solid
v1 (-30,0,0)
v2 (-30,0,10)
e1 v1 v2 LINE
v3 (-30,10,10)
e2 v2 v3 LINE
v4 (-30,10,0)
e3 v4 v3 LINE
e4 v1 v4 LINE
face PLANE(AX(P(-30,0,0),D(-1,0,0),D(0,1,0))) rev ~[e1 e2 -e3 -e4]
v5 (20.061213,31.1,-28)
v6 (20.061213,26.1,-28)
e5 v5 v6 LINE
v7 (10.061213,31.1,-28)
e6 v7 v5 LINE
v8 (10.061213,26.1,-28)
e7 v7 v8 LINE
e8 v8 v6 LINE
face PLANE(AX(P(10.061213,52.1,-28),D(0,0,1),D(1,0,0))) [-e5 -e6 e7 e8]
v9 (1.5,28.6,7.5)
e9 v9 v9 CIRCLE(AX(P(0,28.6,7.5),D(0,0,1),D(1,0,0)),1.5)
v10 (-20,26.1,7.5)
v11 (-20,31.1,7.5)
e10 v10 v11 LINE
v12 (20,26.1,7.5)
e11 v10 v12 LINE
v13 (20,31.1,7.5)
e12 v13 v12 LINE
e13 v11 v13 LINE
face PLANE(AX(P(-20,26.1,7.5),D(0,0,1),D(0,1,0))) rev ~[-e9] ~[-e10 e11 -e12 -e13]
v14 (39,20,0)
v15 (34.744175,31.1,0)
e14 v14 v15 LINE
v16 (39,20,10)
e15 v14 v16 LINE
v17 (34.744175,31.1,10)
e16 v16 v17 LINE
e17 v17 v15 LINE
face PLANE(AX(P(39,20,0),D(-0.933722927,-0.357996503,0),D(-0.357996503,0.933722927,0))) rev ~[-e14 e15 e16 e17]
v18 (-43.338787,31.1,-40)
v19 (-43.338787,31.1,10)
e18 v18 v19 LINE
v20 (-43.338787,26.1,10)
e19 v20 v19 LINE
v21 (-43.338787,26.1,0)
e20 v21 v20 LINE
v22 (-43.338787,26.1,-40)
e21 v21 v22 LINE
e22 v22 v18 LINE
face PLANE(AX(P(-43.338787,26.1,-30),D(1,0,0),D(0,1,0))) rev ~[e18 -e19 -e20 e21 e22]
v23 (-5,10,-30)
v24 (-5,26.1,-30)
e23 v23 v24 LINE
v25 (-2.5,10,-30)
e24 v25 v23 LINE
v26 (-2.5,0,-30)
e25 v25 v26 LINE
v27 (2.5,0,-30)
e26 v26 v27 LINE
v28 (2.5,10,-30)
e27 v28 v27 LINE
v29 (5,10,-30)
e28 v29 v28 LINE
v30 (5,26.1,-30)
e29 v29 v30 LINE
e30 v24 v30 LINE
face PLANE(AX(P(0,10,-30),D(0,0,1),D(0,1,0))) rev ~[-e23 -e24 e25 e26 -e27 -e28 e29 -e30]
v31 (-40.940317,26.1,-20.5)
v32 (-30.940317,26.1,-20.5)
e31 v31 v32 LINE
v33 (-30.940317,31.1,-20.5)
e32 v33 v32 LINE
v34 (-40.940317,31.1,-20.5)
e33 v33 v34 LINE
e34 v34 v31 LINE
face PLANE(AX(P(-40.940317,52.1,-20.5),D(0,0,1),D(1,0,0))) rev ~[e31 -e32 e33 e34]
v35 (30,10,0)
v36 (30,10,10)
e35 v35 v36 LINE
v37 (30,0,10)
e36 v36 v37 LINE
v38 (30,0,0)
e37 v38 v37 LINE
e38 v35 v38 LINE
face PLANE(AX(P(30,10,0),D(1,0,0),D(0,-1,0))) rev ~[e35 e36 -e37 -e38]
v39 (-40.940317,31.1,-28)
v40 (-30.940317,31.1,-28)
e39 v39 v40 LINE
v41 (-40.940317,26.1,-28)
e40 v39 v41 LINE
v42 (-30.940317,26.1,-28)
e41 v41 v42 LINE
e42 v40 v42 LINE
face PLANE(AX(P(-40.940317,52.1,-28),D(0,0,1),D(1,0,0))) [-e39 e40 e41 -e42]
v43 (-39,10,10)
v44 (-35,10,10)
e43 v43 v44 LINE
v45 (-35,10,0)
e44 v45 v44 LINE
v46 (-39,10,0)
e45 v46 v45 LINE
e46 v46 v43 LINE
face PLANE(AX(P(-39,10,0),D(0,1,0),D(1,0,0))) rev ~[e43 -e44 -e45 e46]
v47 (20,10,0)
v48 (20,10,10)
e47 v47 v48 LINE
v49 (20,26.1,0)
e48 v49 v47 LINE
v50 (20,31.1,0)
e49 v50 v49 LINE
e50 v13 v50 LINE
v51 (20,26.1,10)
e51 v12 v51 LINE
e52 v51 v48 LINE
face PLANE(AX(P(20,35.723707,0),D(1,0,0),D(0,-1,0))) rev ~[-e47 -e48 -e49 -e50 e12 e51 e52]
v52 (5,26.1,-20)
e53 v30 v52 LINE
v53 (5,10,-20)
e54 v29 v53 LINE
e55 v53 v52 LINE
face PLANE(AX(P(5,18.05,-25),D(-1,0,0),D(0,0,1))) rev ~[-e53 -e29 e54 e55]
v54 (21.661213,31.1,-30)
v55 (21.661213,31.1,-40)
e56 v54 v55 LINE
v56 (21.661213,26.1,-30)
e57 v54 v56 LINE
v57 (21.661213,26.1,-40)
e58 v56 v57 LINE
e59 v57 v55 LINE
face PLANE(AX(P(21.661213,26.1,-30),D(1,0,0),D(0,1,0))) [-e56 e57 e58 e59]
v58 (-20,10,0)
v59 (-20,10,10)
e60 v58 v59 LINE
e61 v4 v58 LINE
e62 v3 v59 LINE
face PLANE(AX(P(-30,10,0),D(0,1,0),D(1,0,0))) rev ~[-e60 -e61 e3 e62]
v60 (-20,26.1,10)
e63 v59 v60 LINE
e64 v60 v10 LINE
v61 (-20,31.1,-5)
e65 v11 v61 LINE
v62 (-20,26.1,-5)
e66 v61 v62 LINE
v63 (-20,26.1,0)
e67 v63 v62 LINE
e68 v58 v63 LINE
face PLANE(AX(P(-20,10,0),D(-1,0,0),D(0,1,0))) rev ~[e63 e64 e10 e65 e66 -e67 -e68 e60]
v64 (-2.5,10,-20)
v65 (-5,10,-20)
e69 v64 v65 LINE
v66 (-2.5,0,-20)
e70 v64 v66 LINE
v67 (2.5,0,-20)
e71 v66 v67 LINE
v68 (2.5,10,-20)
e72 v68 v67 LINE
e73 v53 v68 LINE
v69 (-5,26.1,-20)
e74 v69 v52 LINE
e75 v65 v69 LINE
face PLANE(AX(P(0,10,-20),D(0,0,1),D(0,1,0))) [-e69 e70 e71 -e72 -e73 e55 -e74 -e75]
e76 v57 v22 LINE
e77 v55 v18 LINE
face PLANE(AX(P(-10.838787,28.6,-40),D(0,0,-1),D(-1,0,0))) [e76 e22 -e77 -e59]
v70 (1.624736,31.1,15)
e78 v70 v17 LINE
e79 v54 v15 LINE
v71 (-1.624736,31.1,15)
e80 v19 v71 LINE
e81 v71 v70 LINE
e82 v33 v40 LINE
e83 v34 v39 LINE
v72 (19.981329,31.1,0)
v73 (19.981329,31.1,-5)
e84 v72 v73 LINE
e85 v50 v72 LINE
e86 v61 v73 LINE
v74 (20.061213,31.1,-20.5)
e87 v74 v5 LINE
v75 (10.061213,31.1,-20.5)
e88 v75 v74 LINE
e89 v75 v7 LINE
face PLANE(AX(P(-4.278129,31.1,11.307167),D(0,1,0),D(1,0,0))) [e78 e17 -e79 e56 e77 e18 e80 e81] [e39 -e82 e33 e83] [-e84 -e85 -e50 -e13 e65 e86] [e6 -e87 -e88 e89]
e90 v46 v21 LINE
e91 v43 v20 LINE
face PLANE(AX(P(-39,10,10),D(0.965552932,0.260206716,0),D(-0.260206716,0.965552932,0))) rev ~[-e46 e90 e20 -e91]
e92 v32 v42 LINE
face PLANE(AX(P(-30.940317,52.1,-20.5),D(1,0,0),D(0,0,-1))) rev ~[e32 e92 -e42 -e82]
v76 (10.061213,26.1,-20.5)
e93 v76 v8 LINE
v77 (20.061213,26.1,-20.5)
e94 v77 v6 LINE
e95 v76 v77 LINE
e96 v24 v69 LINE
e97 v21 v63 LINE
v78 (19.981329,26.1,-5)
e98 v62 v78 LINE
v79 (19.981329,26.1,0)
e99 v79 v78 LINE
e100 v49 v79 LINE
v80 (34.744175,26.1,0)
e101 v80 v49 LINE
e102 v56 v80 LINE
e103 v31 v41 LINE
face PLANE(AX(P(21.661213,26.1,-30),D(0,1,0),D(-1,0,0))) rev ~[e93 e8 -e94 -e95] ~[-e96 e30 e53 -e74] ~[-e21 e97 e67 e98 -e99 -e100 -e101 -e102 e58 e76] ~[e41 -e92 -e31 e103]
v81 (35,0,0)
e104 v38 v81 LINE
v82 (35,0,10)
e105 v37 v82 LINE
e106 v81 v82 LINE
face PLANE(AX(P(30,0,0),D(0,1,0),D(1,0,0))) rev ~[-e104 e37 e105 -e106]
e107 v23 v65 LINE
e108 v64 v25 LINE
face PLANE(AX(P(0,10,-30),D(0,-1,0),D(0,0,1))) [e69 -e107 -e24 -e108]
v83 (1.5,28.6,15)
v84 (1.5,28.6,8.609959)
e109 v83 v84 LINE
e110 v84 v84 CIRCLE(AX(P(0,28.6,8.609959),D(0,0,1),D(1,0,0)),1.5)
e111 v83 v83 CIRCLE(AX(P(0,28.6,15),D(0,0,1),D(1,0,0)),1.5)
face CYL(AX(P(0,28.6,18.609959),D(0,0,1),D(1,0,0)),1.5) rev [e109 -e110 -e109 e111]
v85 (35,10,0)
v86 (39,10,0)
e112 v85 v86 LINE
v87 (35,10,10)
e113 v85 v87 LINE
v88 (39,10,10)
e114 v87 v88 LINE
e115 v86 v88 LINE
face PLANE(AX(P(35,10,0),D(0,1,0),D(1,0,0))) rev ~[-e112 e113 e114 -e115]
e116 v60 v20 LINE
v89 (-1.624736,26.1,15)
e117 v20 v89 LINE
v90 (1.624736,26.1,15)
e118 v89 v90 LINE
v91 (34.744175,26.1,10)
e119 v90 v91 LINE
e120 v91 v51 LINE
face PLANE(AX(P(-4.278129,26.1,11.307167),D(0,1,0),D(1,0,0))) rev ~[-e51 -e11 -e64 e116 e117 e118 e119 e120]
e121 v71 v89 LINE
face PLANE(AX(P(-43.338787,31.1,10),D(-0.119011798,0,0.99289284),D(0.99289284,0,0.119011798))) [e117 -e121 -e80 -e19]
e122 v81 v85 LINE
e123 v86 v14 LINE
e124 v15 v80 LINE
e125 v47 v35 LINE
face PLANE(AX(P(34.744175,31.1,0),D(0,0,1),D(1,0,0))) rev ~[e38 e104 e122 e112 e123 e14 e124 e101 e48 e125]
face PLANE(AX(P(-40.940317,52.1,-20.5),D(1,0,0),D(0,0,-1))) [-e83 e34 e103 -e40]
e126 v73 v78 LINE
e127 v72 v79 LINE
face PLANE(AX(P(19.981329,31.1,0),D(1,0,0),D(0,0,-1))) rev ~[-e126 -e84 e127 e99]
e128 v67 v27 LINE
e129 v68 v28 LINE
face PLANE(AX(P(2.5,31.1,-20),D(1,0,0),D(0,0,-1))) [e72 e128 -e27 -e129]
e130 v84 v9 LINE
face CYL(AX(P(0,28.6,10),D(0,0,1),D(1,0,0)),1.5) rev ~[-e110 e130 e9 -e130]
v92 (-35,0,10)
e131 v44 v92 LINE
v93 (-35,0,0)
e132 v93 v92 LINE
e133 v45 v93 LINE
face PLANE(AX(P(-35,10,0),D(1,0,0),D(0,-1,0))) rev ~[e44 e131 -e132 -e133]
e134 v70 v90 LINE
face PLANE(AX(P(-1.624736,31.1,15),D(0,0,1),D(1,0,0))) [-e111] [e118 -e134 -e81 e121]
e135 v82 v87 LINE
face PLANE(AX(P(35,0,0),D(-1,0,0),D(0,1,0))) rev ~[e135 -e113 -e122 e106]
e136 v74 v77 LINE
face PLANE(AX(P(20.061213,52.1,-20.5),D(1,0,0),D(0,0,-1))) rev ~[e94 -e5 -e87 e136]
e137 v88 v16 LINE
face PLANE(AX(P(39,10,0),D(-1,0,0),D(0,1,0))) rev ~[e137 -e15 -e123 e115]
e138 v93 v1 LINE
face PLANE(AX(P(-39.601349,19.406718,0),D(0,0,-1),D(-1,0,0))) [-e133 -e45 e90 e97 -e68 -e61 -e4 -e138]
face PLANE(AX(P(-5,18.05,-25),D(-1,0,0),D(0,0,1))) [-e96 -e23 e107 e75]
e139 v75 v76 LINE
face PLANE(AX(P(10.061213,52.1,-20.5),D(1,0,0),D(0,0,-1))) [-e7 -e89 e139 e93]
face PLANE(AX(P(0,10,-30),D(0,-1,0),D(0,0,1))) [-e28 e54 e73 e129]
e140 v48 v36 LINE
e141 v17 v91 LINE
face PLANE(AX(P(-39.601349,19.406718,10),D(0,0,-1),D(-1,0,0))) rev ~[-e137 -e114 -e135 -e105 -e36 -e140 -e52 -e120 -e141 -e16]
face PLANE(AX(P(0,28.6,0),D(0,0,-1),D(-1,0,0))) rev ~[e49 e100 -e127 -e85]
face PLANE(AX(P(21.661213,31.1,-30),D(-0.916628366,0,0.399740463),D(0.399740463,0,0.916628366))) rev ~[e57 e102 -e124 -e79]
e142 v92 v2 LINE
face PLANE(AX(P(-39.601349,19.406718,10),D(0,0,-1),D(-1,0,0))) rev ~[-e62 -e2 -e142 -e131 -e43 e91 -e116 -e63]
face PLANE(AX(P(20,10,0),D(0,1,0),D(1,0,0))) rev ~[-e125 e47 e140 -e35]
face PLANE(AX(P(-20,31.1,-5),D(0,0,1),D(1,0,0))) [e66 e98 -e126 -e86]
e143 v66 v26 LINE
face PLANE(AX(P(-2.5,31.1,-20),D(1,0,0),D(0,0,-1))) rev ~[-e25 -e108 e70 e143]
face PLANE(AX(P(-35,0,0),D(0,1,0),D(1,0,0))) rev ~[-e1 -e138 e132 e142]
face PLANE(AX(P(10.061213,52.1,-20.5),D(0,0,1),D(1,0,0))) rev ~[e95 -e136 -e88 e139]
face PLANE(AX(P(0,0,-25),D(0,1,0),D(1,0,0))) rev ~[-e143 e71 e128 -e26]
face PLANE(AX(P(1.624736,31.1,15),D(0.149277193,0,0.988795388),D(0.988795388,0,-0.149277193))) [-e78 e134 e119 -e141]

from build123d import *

# Parameters (mm, degrees)
SALIENTE_EXTRUIR1_DEPTH  = 10
CROQUIS2_W               = 5
CROQUIS2_H               = 45
CORTAR_EXTRUIR1_DEPTH    = 12.5
CROQUIS4_W               = 73.322426794
CROQUIS4_H               = 5
SALIENTE_EXTRUIR2_DEPTH  = 30
CROQUIS5_W               = 2.5
CROQUIS5_H               = 5
SALIENTE_EXTRUIR3_DEPTH  = 50
CROQUIS6_W               = 55.637494131
CROQUIS6_H               = 64.414873678
CORTAR_EXTRUIR2_DEPTH    = 55
CROQUIS7_R               = 1.5
CORTAR_EXTRUIR3_DEPTH    = 5
CROQUIS8_W               = 39.981329184
CROQUIS8_H               = 5
CORTAR_EXTRUIR4_DEPTH    = 10
CROQUIS9_W               = 10
CROQUIS9_H               = 7.5
SALIENTE_EXTRUIR4_DEPTH  = 21
CROQUIS11_R              = 2
CORTAR_EXTRUIR5_DEPTH    = 21
SALIENTE_EXTRUIR5_START  = -40
CROQUIS12_W              = 21.008716652
CROQUIS12_H              = 5
SALIENTE_EXTRUIR5_DEPTH  = 40
CORTAR_EXTRUIR6_DEPTH    = 62.200166864
CROQUIS15_W              = 5
CROQUIS15_H              = 10
SALIENTE_EXTRUIR6_DEPTH  = 31.1
SALIENTE_EXTRUIR7_DEPTH  = 10
SALIENTE_EXTRUIR8_DEPTH  = 5
CORTAR_EXTRUIR7_START    = -13
CROQUIS21_R              = 1.5
CORTAR_EXTRUIR7_DEPTH    = 13
CROQUIS22_W              = 10
CROQUIS22_H              = 7.5
CORTAR_EXTRUIR14_DEPTH   = 75.112484941
CROQUIS26_W              = 65
CROQUIS26_H              = 5
SALIENTE_EXTRUIR11_DEPTH = 10
SALIENTE_EXTRUIR12_DEPTH = 5
CORTAR_EXTRUIR15_START   = -10
CROQUIS28_R              = 1.5
CORTAR_EXTRUIR15_DEPTH   = 10
CROQUIS29_W              = 10
CROQUIS29_H              = 16.1
SALIENTE_EXTRUIR13_DEPTH = 5


with BuildPart() as part:
    # Croquis1 → Saliente-Extruir1 (new body)
    with BuildSketch(Plane.XY):
        with BuildLine():
            Line((-35, 10), (-35, 0))
            Line((-35, 0), (-30, 0))
            Line((-30, 0), (-30, 10))
            Line((-30, 10), (-20, 10))
            Line((-20, 10), (-20, 35.723707224))
            ThreePointArc((-20, 35.723707224), (0, 55.723707224), (20, 35.723707224))
            Line((20, 35.723707224), (20, 10))
            Line((20, 10), (30, 10))
            Line((30, 10), (30, 0))
            Line((30, 0), (35, 0))
            Line((35, 0), (35, 10))
            Line((35, 10), (39, 10))
            Line((39, 10), (39, 20))
            Line((39, 20), (14.443351433, 84.048407017))
            Line((14.443351433, 84.048407017), (13.447706691, 86.645237749))
            ThreePointArc((13.447706691, 86.645237749), (0, 95), (-13.447706691, 86.645237749))
            Line((-13.447706691, 86.645237749), (-14.443351433, 84.048407017))
            Line((-14.443351433, 84.048407017), (-39, 20))
            Line((-39, 20), (-39, 10))
            Line((-39, 10), (-35, 10))
        make_face()
        with BuildLine():
            ThreePointArc((1.5, 60), (0, 58.5), (-1.5, 60))
            Line((-1.5, 60), (-1.5, 80))
            ThreePointArc((-1.5, 80), (0, 81.5), (1.5, 80))
            Line((1.5, 80), (1.5, 60))
        make_face(mode=Mode.SUBTRACT)
    extrude(amount=SALIENTE_EXTRUIR1_DEPTH)

    # Croquis2 → Cortar-Extruir1 (cut, symmetric)
    with BuildSketch(Plane(origin=(0, 0, 0), x_dir=(0, 0, -1), z_dir=(1, 0, 0))):
        with Locations((-5, 72.5)):
            Rectangle(CROQUIS2_W, CROQUIS2_H)
    extrude(amount=CORTAR_EXTRUIR1_DEPTH, both=True, mode=Mode.SUBTRACT)

    # Croquis4 → Saliente-Extruir2 (add)
    with BuildSketch(Plane(origin=(0, 0, 0), x_dir=(-1, 0, 0), z_dir=(0, 0, -1))):
        with Locations((0, 28.6)):
            Rectangle(CROQUIS4_W, CROQUIS4_H)
    extrude(amount=SALIENTE_EXTRUIR2_DEPTH)

    # Croquis5 → Saliente-Extruir3 (add)
    with BuildSketch(Plane(origin=(-20, 0, 0), x_dir=(0, 0, -1), z_dir=(1, 0, 0))):
        with Locations((-8.75, 28.6)):
            Rectangle(CROQUIS5_W, CROQUIS5_H)
    extrude(amount=SALIENTE_EXTRUIR3_DEPTH)

    # Croquis6 → Cortar-Extruir2 (cut, symmetric)
    with BuildSketch(Plane(origin=(-20, 0, 0), x_dir=(0, 0, -1), z_dir=(1, 0, 0))):
        with Locations((17.818747066, 63.307436839)):
            Rectangle(CROQUIS6_W, CROQUIS6_H)
    extrude(amount=CORTAR_EXTRUIR2_DEPTH, both=True, mode=Mode.SUBTRACT)

    # Croquis7 → Cortar-Extruir3 (cut)
    with BuildSketch(Plane.XY.offset(10)):
        with Locations((0, 28.6)):
            Circle(CROQUIS7_R)
    extrude(amount=-CORTAR_EXTRUIR3_DEPTH, mode=Mode.SUBTRACT)

    # Croquis8 → Cortar-Extruir4 (cut)
    with BuildSketch(Plane(origin=(0, 31.1, 0), x_dir=(1, 0, 0), z_dir=(0, 1, 0))):
        with Locations((-0.009335408, 2.5)):
            Rectangle(CROQUIS8_W, CROQUIS8_H)
    extrude(amount=-CORTAR_EXTRUIR4_DEPTH, mode=Mode.SUBTRACT)

    # Croquis9 → Saliente-Extruir4 (add)
    with BuildSketch(Plane(origin=(0, 31.1, 0), x_dir=(1, 0, 0), z_dir=(0, 1, 0))):
        with Locations((15.061213397, 24.25)):
            Rectangle(CROQUIS9_W, CROQUIS9_H)
        with Locations((-35.940317185, 24.25)):
            Rectangle(CROQUIS9_W, CROQUIS9_H)
    extrude(amount=SALIENTE_EXTRUIR4_DEPTH)

    # Croquis11 → Cortar-Extruir5 (cut)
    with BuildSketch(Plane.XY.offset(-20.5)):
        with Locations((13.560448106, 46.6)):
            Circle(CROQUIS11_R)
        with Locations((13.560448106, 35.6)):
            Circle(CROQUIS11_R)
        with Locations((-34.439551894, 46.6)):
            Circle(CROQUIS11_R)
        with Locations((-34.439551894, 35.6)):
            Circle(CROQUIS11_R)
    extrude(amount=-CORTAR_EXTRUIR5_DEPTH, mode=Mode.SUBTRACT)

    # Croquis12 → Saliente-Extruir5 (add)
    with BuildSketch(Plane(origin=(0, 0, -30), x_dir=(-1, 0, 0), z_dir=(0, 0, -1)).offset(SALIENTE_EXTRUIR5_START)):
        with Locations((32.834428277, 28.6)):
            Rectangle(CROQUIS12_W, CROQUIS12_H)
    extrude(amount=SALIENTE_EXTRUIR5_DEPTH)

    # Croquis13 → Cortar-Extruir6 (cut, through all)
    with BuildSketch(Plane(origin=(0, 31.1, 0), x_dir=(1, 0, 0), z_dir=(0, 1, 0))):
        Polygon((34.744175198, 0), (36.661213397, 0), (36.661213397, 30), (21.661213397, 30), align=None)
    extrude(amount=-CORTAR_EXTRUIR6_DEPTH, mode=Mode.SUBTRACT)

    # Croquis15 → Saliente-Extruir6 (add)
    with BuildSketch(Plane(origin=(0, 31.1, 0), x_dir=(1, 0, 0), z_dir=(0, 1, 0))):
        with Locations((0, 25)):
            Rectangle(CROQUIS15_W, CROQUIS15_H)
    extrude(amount=-SALIENTE_EXTRUIR6_DEPTH)

    # Croquis18 → Saliente-Extruir7 (add)
    with BuildSketch(Plane.XY.offset(10)):
        Polygon((-39, 10), (-43.338786603, 26.1), (-36.661213397, 26.1), align=None)
    extrude(amount=-SALIENTE_EXTRUIR7_DEPTH)

    # Croquis22 → Cortar-Extruir14 (cut, through all)
    with BuildSketch(Plane(origin=(0, 52.1, 0), x_dir=(1, 0, 0), z_dir=(0, 1, 0))):
        with Locations((-35.940317185, 24.25)):
            Rectangle(CROQUIS22_W, CROQUIS22_H)
        with Locations((15.061213397, 24.25)):
            Rectangle(CROQUIS22_W, CROQUIS22_H)
    extrude(amount=-CORTAR_EXTRUIR14_DEPTH, mode=Mode.SUBTRACT)

    # Croquis26 → Saliente-Extruir11 (add)
    with BuildSketch(Plane(origin=(0, 0, -30), x_dir=(-1, 0, 0), z_dir=(0, 0, -1))):
        with Locations((10.838786603, 28.6)):
            Rectangle(CROQUIS26_W, CROQUIS26_H)
    extrude(amount=SALIENTE_EXTRUIR11_DEPTH)



with BuildPart() as body_2:
    # Croquis20 → Saliente-Extruir8 (new body)
    with BuildSketch(Plane(origin=(0, 31.1, 0), x_dir=(1, 0, 0), z_dir=(0, 1, 0))):
        Polygon((-1.624735856, -15), (1.624735856, -15), (34.744175198, -10), (-43.338786603, -10), align=None)
    extrude(amount=-SALIENTE_EXTRUIR8_DEPTH)

    # Croquis21 → Cortar-Extruir7 (cut)
    with BuildSketch(Plane(origin=(0, 0, 7.5), x_dir=(-1, 0, 0), z_dir=(0, 0, -1)).offset(CORTAR_EXTRUIR7_START)):
        with Locations((0, 28.6)):
            Circle(CROQUIS21_R)
    extrude(amount=CORTAR_EXTRUIR7_DEPTH, mode=Mode.SUBTRACT)


with BuildPart() as part_1:
    add(part.part)

    add(body_2.part)  # Saliente-Extruir12 merges body 2
    # Croquis27 → Saliente-Extruir12 (add)
    with BuildSketch(Plane(origin=(0, 31.1, 0), x_dir=(1, 0, 0), z_dir=(0, 1, 0))):
        Polygon((-43.338786603, -10), (-43.338786603, -8.609959484), (34.744175198, -8.609959484), (34.744175198, -10), (1.624735856, -15), (-1.624735856, -15), align=None)
    extrude(amount=-SALIENTE_EXTRUIR12_DEPTH)

    # Croquis28 → Cortar-Extruir15 (cut)
    with BuildSketch(Plane(origin=(0, 0, 8.609959484), x_dir=(-1, 0, 0), z_dir=(0, 0, -1)).offset(CORTAR_EXTRUIR15_START)):
        with Locations(Location((0, 28.6, 0), (0, 0, 180))):
            Circle(CROQUIS28_R)
    extrude(amount=CORTAR_EXTRUIR15_DEPTH, mode=Mode.SUBTRACT)

    # Croquis29 → Saliente-Extruir13 (add, symmetric)
    with BuildSketch(Plane.ZY):
        with Locations((-25, 18.05)):
            Rectangle(CROQUIS29_W, CROQUIS29_H)
    extrude(amount=SALIENTE_EXTRUIR13_DEPTH, both=True)


solid = part_1.part
